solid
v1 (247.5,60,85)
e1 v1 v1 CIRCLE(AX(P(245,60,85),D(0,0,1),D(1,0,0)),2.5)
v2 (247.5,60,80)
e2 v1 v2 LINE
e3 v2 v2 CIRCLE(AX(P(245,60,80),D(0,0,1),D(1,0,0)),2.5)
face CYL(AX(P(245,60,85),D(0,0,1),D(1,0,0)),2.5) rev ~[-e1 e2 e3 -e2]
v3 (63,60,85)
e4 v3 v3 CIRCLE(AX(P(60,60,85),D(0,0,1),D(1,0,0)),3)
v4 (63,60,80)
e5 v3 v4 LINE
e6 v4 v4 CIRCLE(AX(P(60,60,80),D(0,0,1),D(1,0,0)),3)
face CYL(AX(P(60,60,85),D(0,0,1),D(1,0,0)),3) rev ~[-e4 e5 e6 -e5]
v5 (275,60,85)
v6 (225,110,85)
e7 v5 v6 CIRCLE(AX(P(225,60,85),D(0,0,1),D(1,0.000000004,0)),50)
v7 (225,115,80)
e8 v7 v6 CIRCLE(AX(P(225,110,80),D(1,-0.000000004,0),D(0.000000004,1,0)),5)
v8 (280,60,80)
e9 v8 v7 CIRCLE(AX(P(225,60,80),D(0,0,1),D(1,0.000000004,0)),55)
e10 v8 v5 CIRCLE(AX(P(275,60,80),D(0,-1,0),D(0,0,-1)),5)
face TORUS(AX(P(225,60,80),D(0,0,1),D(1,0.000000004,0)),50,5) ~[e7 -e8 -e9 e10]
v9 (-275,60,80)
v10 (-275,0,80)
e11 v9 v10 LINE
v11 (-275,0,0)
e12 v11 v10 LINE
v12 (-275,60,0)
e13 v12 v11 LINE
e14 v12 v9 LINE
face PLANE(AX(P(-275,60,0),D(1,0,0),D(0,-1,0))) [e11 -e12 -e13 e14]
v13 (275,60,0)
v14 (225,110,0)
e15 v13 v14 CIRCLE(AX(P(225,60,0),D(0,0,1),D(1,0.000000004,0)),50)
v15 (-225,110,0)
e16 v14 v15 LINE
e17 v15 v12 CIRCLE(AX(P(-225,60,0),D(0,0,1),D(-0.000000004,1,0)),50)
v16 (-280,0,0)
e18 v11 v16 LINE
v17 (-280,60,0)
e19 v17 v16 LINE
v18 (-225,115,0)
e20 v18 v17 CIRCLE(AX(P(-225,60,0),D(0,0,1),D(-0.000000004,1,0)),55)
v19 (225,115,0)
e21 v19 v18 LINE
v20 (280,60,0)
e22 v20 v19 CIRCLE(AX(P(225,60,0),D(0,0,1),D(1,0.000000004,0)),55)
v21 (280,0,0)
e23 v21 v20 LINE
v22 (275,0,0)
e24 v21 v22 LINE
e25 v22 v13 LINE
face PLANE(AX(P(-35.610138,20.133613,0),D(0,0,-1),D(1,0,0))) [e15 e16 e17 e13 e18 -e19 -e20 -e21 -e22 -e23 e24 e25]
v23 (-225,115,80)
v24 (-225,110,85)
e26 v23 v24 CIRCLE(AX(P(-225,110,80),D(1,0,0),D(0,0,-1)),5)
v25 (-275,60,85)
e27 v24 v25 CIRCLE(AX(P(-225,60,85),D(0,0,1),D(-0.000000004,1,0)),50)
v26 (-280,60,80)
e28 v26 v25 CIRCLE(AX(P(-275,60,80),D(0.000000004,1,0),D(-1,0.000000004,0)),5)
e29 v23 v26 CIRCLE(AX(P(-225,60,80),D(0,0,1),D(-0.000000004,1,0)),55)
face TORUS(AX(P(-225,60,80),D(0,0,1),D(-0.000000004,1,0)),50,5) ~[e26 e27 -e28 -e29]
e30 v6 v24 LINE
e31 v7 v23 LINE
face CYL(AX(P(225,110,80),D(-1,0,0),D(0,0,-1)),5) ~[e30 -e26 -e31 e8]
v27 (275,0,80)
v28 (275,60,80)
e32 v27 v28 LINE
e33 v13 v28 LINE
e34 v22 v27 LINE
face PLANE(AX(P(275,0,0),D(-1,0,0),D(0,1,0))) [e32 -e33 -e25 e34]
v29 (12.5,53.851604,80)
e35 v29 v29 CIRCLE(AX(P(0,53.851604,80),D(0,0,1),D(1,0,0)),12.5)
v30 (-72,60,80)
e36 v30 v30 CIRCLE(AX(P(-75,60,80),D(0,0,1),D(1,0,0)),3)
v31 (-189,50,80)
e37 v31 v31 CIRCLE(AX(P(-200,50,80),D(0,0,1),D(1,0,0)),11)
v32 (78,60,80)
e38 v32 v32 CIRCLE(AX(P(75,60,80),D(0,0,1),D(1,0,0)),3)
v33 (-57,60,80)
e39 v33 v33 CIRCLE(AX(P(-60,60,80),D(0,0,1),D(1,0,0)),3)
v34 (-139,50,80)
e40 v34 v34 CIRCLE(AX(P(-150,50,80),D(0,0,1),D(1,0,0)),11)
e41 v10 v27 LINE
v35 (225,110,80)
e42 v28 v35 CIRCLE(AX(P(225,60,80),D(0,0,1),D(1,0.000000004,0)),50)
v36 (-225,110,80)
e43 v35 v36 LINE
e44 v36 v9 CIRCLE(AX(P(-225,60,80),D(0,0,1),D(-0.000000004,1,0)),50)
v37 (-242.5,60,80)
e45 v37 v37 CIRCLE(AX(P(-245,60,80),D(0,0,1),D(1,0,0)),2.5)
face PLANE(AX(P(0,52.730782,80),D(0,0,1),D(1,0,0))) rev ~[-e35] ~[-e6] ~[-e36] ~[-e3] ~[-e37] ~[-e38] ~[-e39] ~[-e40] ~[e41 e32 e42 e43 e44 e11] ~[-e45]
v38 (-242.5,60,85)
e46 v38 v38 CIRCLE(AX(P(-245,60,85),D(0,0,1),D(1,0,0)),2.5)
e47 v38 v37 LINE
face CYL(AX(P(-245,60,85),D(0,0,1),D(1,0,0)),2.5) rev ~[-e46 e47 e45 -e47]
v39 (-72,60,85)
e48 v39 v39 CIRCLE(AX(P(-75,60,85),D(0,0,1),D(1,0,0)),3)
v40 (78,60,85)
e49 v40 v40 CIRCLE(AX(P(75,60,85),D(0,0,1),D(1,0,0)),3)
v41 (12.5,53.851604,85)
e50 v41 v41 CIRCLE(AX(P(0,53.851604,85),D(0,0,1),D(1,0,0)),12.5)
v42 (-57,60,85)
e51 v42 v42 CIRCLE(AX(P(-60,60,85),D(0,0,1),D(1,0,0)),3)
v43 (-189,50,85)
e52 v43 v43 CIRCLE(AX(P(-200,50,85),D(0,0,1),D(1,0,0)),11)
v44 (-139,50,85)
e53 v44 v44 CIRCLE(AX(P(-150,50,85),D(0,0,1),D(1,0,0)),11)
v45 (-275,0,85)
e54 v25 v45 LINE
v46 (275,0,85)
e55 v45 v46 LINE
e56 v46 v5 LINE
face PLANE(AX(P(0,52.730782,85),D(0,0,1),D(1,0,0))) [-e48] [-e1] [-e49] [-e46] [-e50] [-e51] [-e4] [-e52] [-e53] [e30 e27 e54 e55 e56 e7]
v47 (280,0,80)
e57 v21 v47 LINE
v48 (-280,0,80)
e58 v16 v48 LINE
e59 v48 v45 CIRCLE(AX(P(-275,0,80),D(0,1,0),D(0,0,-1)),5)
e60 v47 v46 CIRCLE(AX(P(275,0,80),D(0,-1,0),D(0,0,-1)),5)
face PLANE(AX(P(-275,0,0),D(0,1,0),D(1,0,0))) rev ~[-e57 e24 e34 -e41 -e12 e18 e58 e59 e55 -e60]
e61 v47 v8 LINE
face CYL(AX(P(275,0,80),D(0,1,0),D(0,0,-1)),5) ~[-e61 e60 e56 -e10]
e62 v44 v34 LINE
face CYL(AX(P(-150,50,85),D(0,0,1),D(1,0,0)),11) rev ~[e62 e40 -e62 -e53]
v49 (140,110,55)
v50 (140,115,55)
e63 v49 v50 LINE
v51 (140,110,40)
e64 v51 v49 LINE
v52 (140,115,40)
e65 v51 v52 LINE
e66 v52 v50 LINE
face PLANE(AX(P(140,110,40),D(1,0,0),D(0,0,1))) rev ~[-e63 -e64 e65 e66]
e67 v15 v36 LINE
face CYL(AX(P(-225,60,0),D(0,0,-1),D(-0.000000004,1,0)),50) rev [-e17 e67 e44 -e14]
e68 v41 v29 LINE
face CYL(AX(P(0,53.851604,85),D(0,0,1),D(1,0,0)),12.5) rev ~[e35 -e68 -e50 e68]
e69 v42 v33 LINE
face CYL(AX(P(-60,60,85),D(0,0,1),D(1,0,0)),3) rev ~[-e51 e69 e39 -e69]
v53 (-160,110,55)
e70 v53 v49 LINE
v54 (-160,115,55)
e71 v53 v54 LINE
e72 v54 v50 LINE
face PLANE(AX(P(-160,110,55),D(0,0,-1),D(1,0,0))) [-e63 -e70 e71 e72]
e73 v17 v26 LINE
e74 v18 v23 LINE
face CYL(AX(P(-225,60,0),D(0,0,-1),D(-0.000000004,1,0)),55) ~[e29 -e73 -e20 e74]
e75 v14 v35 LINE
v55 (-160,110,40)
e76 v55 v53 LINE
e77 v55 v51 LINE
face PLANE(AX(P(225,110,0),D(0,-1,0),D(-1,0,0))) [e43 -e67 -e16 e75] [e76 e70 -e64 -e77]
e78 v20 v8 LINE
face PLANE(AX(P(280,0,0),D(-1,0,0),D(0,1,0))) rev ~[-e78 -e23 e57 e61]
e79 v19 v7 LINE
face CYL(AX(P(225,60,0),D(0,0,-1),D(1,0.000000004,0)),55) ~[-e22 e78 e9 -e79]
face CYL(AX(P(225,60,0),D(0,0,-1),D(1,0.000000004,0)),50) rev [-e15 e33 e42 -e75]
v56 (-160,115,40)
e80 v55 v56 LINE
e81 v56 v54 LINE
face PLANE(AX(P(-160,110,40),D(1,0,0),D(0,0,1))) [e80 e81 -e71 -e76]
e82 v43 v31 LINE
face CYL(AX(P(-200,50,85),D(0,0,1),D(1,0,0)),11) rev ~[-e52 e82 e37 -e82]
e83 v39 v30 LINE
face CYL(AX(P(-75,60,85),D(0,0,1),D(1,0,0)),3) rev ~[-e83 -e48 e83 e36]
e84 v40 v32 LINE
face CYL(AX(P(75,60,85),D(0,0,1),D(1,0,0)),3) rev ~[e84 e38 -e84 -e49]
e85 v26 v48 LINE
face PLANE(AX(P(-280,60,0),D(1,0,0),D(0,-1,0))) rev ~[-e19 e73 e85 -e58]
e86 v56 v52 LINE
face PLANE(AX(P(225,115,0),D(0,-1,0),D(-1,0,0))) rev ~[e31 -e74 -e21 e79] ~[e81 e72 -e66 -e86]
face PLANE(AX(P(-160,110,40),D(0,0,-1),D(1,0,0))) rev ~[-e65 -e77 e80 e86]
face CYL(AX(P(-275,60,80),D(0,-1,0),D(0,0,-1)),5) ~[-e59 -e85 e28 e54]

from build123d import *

# Parameters (mm, degrees)
PAD_DEPTH       = 80
THICKNESS_T     = 5
SKETCH002_R     = 11
SKETCH002_R_2   = 2.5
POCKET001_DEPTH = 5
SKETCH003_W     = 300
SKETCH003_H     = 15
POCKET002_DEPTH = 5
SKETCH004_W     = 729.94403
SKETCH004_H     = 312.833175
POCKET_DEPTH    = 5
SKETCH005_R     = 3
HOLE_DEPTH      = 25
SKETCH006_R     = 12.5
POCKET003_DEPTH = 5


with BuildPart() as part:
    # Sketch → Pad (new body)
    with BuildSketch(Plane.XY):
        with BuildLine():
            Line((275, 0), (275, 60))
            ThreePointArc((275, 60), (260.355339, 95.355339), (225, 110))
            Line((225, 110), (-225, 110))
            ThreePointArc((-225, 110), (-260.355339, 95.355339), (-275, 60))
            Line((-275, 60), (-275, 0))
            Line((-275, 0), (275, 0))
        make_face()
    extrude(amount=PAD_DEPTH)

    # Thickness
    thickness_openings = [part.faces().sort_by_distance(p)[0] for p in [
        (0, 0, 40),
    ]]
    offset(amount=THICKNESS_T, openings=thickness_openings)

    # Sketch002 → Pocket001 (cut)
    with BuildSketch(Plane.XY.offset(85)):
        with Locations((-200, 50)):
            Circle(SKETCH002_R)
        with Locations((-150, 50)):
            Circle(SKETCH002_R)
        with Locations((-245, 60)):
            Circle(SKETCH002_R_2)
        with Locations((245, 60)):
            Circle(SKETCH002_R_2)
    extrude(amount=-POCKET001_DEPTH, mode=Mode.SUBTRACT)

    # Sketch003 (on Face15 of Pocket001) → Pocket002 (cut)
    with BuildSketch(Plane.XZ.offset(-110)):
        with Locations((-10, 47.5)):
            Rectangle(SKETCH003_W, SKETCH003_H)
    extrude(amount=-POCKET002_DEPTH, mode=Mode.SUBTRACT)

    # Sketch004 (on Face10 of Pocket002) → Pocket (cut)
    with BuildSketch(Plane(origin=(0, 0, -5), x_dir=(1, 0, 0), z_dir=(0, 0, -1))):
        with Locations((-35.610138, -20.133613)):
            Rectangle(SKETCH004_W, SKETCH004_H)
    extrude(amount=-POCKET_DEPTH, mode=Mode.SUBTRACT)

    # Sketch005 (on Face9 of Pocket) → Hole (cut)
    with BuildSketch(Plane.XY.offset(85)):
        with Locations((-75, 60)):
            Circle(SKETCH005_R)
        with Locations((-60, 60)):
            Circle(SKETCH005_R)
        with Locations((60, 60)):
            Circle(SKETCH005_R)
        with Locations((75, 60)):
            Circle(SKETCH005_R)
    extrude(amount=-HOLE_DEPTH, mode=Mode.SUBTRACT)

    # Sketch006 (on Face9 of Hole) → Pocket003 (cut)
    with BuildSketch(Plane.XY.offset(85)):
        with Locations((0, 53.851604)):
            Circle(SKETCH006_R)
    extrude(amount=-POCKET003_DEPTH, mode=Mode.SUBTRACT)


solid = part.part
